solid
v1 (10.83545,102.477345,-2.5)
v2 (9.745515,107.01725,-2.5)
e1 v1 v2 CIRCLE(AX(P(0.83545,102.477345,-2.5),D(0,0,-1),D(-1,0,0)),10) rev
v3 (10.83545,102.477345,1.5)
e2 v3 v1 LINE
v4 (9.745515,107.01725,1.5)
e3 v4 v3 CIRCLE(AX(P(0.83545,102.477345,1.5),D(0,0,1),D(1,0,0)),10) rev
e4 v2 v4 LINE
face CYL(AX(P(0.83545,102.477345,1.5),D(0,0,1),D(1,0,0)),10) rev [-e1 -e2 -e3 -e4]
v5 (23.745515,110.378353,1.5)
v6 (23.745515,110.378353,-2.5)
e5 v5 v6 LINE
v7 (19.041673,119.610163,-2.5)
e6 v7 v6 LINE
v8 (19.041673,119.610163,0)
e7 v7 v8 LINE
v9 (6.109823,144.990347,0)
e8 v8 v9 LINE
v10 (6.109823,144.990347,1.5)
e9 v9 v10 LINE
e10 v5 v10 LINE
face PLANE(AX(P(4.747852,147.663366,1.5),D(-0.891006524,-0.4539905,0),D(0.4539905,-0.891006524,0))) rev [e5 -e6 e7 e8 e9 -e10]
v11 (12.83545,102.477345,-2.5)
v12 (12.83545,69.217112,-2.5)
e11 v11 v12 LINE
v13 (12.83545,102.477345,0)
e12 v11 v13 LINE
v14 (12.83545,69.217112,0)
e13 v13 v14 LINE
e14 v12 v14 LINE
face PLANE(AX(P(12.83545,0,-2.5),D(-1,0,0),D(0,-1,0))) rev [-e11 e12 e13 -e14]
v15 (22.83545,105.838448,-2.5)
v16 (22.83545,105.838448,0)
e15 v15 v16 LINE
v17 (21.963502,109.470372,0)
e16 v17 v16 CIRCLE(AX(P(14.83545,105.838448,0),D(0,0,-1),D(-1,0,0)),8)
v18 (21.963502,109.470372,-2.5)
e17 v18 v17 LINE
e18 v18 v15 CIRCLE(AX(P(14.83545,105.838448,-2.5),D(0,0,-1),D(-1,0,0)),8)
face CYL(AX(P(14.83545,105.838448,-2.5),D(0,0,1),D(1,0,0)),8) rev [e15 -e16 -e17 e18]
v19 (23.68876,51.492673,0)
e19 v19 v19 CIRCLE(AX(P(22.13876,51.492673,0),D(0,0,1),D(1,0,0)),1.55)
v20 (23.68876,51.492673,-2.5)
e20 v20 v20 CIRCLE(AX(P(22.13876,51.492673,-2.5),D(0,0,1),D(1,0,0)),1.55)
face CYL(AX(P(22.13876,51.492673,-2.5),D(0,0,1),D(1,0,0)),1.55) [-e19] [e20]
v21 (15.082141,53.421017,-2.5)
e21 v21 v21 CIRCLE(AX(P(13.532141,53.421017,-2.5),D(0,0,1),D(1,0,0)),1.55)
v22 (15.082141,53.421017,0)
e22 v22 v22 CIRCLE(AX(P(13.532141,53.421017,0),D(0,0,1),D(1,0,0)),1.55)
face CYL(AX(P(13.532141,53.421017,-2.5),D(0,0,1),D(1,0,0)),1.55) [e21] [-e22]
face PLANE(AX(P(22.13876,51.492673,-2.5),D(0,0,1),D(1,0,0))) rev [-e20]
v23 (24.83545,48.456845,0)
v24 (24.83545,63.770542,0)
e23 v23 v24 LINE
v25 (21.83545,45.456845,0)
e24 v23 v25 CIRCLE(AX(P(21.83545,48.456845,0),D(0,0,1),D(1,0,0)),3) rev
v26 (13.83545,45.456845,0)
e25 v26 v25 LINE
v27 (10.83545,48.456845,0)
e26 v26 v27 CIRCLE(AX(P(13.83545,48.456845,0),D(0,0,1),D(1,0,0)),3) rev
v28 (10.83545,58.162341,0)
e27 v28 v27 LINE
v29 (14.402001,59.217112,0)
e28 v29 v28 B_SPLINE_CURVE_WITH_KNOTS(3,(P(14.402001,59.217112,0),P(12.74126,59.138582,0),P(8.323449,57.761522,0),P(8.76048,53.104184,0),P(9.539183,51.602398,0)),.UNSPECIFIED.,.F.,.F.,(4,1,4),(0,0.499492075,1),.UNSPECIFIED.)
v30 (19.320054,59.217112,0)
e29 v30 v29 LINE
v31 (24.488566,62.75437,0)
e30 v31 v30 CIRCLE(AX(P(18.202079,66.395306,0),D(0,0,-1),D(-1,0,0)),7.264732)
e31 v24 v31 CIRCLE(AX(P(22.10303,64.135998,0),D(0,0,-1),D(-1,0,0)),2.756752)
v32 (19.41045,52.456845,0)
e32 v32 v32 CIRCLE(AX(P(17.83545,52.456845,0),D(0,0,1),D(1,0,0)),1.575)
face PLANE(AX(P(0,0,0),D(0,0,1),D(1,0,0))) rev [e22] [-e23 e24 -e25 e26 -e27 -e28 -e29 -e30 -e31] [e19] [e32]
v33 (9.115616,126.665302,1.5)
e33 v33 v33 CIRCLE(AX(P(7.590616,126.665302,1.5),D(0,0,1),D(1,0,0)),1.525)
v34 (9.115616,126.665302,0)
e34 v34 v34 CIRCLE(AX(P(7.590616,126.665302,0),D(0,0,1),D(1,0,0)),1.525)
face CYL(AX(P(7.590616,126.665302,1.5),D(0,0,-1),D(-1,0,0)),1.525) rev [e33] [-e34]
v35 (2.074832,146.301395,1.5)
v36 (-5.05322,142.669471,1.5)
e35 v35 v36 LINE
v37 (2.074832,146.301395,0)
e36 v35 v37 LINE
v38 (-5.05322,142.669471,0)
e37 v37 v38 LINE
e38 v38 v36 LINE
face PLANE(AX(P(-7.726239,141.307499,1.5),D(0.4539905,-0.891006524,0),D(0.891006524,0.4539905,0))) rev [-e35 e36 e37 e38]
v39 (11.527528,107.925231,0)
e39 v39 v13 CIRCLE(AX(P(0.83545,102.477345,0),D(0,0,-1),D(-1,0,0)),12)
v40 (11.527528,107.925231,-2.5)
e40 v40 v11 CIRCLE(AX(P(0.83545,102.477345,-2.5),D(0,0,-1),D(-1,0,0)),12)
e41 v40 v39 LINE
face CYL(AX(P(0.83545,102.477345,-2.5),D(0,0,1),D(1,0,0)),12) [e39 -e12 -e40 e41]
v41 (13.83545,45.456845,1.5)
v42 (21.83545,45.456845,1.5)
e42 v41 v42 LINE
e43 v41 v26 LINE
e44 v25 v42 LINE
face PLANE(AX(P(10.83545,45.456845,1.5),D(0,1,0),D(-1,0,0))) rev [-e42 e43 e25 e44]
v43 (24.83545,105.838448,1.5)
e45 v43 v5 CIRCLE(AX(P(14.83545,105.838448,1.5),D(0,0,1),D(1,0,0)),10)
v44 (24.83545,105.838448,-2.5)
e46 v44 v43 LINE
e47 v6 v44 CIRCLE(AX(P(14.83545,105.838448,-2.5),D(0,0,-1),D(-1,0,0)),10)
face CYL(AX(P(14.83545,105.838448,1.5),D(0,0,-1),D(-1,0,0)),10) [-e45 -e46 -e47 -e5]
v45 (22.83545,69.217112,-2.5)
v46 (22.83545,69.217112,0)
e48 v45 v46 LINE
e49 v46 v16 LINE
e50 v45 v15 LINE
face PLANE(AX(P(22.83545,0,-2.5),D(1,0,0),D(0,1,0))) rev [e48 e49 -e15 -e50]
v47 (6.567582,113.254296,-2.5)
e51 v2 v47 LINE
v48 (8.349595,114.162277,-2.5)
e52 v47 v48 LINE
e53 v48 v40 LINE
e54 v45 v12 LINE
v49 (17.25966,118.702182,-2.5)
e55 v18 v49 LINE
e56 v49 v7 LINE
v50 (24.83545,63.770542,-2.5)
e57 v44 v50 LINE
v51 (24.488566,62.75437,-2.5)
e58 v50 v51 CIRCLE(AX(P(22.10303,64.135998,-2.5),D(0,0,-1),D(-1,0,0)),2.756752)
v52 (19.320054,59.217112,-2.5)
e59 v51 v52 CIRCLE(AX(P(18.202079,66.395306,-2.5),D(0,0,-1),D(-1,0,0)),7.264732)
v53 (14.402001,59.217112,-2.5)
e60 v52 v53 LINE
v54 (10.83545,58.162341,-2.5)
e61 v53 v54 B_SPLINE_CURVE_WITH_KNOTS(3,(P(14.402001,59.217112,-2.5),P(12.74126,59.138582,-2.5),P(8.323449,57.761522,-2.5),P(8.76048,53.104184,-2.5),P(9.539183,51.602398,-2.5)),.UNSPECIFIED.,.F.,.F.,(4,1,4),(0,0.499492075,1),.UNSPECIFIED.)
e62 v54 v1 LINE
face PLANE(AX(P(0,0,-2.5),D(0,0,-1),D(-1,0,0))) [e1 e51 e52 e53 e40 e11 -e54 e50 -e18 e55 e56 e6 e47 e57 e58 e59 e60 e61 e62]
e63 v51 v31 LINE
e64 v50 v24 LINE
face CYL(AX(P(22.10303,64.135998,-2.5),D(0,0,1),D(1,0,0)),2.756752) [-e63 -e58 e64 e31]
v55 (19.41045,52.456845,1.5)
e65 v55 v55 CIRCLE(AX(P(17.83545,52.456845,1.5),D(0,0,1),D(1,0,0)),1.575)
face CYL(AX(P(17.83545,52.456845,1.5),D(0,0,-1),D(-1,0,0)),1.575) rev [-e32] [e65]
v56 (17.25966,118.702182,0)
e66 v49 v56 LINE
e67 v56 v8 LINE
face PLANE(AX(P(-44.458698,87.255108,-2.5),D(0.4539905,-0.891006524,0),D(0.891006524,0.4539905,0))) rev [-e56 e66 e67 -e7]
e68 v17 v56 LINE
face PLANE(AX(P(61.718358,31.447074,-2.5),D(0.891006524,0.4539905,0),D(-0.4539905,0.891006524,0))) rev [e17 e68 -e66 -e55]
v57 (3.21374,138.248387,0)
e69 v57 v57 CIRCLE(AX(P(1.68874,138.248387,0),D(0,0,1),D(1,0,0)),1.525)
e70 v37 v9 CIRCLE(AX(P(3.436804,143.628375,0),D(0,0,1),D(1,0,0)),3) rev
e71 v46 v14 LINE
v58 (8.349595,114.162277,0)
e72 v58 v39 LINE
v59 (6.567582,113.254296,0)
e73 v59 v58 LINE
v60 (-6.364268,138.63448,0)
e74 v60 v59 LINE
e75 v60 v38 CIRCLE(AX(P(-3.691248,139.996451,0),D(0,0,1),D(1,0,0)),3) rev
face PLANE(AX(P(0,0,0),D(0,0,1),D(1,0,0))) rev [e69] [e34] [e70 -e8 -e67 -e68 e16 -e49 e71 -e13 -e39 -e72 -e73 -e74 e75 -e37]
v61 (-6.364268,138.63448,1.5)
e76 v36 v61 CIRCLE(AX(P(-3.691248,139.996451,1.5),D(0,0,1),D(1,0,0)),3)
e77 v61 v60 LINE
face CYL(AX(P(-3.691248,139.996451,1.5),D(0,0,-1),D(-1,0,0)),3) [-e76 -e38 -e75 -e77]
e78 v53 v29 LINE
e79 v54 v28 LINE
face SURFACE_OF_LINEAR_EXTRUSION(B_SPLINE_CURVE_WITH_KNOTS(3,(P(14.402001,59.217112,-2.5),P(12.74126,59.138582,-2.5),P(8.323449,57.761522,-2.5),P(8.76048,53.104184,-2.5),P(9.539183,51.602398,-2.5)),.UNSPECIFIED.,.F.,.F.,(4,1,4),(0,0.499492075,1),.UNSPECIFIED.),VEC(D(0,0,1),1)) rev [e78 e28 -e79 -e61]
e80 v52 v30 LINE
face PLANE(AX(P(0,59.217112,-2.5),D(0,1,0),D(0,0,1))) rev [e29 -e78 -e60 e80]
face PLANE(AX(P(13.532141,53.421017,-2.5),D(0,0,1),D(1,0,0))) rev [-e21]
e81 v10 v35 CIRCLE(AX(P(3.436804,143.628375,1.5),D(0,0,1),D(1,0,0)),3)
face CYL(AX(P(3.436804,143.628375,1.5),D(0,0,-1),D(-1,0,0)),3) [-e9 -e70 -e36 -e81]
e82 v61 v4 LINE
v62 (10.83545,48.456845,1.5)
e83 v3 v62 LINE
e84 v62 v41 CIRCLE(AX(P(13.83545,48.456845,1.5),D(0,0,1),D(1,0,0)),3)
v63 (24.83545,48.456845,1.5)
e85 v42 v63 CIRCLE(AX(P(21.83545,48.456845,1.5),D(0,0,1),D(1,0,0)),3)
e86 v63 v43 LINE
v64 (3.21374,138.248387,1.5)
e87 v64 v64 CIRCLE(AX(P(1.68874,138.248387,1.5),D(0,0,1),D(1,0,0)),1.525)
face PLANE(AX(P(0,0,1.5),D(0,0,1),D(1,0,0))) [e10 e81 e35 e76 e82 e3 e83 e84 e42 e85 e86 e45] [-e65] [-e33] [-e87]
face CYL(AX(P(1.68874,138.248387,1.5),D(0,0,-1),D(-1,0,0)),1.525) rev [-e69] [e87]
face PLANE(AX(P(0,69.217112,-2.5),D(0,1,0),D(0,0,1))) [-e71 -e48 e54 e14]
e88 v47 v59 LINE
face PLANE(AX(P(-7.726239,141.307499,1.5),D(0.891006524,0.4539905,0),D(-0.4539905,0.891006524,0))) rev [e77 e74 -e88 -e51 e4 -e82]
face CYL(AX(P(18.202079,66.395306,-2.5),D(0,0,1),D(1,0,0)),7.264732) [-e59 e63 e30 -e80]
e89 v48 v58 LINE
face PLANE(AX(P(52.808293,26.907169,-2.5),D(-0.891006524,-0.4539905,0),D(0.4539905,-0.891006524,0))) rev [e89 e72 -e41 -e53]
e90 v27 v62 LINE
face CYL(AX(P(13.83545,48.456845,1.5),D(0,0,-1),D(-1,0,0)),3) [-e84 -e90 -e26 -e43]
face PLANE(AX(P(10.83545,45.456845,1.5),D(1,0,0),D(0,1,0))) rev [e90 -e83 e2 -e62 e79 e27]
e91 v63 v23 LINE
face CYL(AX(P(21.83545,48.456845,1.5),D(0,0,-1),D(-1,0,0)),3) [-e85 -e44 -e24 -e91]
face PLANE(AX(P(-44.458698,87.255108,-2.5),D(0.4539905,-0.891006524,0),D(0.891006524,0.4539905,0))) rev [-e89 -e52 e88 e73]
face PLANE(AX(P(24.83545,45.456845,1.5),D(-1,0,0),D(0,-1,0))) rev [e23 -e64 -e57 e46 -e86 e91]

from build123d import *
from OCP.BRepFilletAPI import BRepFilletAPI_MakeFillet

# Parameters (mm, degrees)
SCHIZZO2_R                   = 1.575
SCHIZZO2_R_2                 = 1.525
ESTRUSIONE_ESTRUSIONE1_DEPTH = 1.5
RACCORDO1_R1                 = 3
RACCORDO1_R2                 = 10
SCHIZZO4_R                   = 1.55
ESTRUSIONE_ESTRUSIONE2_DEPTH = 2.5
ESTRUSIONE_ESTRUSIONE3_DEPTH = 2.5


with BuildPart() as part:
    # Schizzo2 → Estrusione-Estrusione1 (new body)
    with BuildSketch(Plane.XY):
        Polygon((10.835450111, 45.456844872), (10.835450111, 104.878132603), (-7.726239407, 141.30749945), (4.747851932, 147.663366447), (24.835450111, 108.23923523), (24.835450111, 45.456844872), align=None)
        with Locations((17.835450111, 52.456844872)):
            Circle(SCHIZZO2_R, mode=Mode.SUBTRACT)
        with Locations((1.688739761, 138.248387279)):
            Circle(SCHIZZO2_R_2, mode=Mode.SUBTRACT)
        with Locations((7.590616257, 126.665302465)):
            Circle(SCHIZZO2_R_2, mode=Mode.SUBTRACT)
    extrude(amount=ESTRUSIONE_ESTRUSIONE1_DEPTH)

    # Raccordo1: one fillet with a radius per group of edges: ONE call of the kernel's fillet builder (fillet() takes one radius for all edges)
    raccordo1_edges_1 = [part.edges().sort_by_distance(p)[0] for p in [
        (4.747851932, 147.663366447, 0.75),
        (-7.726239407, 141.30749945, 0.75),
        (10.835450111, 45.456844872, 0.75),
        (24.835450111, 45.456844872, 0.75),
    ]]
    raccordo1_edges_2 = [part.edges().sort_by_distance(p)[0] for p in [
        (24.835450111, 108.23923523, 0.75),
        (10.835450111, 104.878132603, 0.75),
    ]]
    raccordo1 = BRepFilletAPI_MakeFillet(part.part.solid().wrapped)
    for e in raccordo1_edges_1:
        raccordo1.Add(RACCORDO1_R1, e.wrapped)
    for e in raccordo1_edges_2:
        raccordo1.Add(RACCORDO1_R2, e.wrapped)
    add(Compound.cast(raccordo1.Shape()), mode=Mode.REPLACE)

    # Schizzo4 → Estrusione-Estrusione2 (add)
    with BuildSketch(Plane(origin=(0, 0, 0), x_dir=(-1, 0, 0), z_dir=(0, 0, -1))):
        with Locations(Location((-13.532140626, 53.421016786, 0), (0, 0, 180))):
            Circle(SCHIZZO4_R)
        with Locations(Location((-22.138759596, 51.492672958, 0), (0, 0, 180))):
            Circle(SCHIZZO4_R)
    extrude(amount=ESTRUSIONE_ESTRUSIONE2_DEPTH)

    # Schizzo5 → Estrusione-Estrusione3 (add)
    with BuildSketch(Plane(origin=(0, 0, 0), x_dir=(-1, 0, 0), z_dir=(0, 0, -1))):
        with BuildLine():
            Line((-24.835450111, 63.770542244), (-19.320054404, 59.217112451))
            Line((-19.320054404, 59.217112451), (-14.402001203, 59.217112451))
            add(Edge.make_bspline(
                [(-14.402001203, 59.217112451), (-13.28177849, 59.164141407), (-11.913165696, 58.833942628), (-10.835450111, 58.162340852)],
                knots=[0, 0, 0, 0, 0.33692331, 0.33692331, 0.33692331, 0.33692331], degree=3))
            Line((-10.835450111, 58.162340852), (-10.835450111, 102.477345012))
            ThreePointArc((-10.835450111, 102.477345012), (-10.559149315, 104.811798651), (-9.745515353, 107.01725001))
            Line((-9.745515353, 107.01725001), (-6.567581855, 113.254295679))
            Line((-6.567581855, 113.254295679), (-8.349594903, 114.162276678))
            Line((-8.349594903, 114.162276678), (-11.527528401, 107.925231009))
            ThreePointArc((-11.527528401, 107.925231009), (-12.503889156, 105.278689378), (-12.835450111, 102.477345012))
            Line((-12.835450111, 102.477345012), (-12.835450111, 69.217112451))
            Line((-12.835450111, 69.217112451), (-22.835450111, 69.217112451))
            Line((-22.835450111, 69.217112451), (-22.835450111, 105.838447639))
            ThreePointArc((-22.835450111, 105.838447639), (-22.614409474, 107.70601055), (-21.963502304, 109.470371637))
            Line((-21.963502304, 109.470371637), (-17.259660145, 118.702181676))
            Line((-17.259660145, 118.702181676), (-19.041673193, 119.610162675))
            Line((-19.041673193, 119.610162675), (-23.745515353, 110.378352637))
            ThreePointArc((-23.745515353, 110.378352637), (-24.559149315, 108.172901278), (-24.835450111, 105.838447639))
            Line((-24.835450111, 105.838447639), (-24.835450111, 63.770542244))
        make_face()
        with BuildLine():
            Line((-19.320054404, 59.217112451), (-24.835450111, 63.770542244))
            ThreePointArc((-24.835450111, 63.770542244), (-24.711960876, 63.245404245), (-24.488566128, 62.75437034))
            ThreePointArc((-24.488566128, 62.75437034), (-22.305073607, 60.400160674), (-19.320054404, 59.217112451))
        make_face()
    extrude(amount=ESTRUSIONE_ESTRUSIONE3_DEPTH)


solid = part.part
